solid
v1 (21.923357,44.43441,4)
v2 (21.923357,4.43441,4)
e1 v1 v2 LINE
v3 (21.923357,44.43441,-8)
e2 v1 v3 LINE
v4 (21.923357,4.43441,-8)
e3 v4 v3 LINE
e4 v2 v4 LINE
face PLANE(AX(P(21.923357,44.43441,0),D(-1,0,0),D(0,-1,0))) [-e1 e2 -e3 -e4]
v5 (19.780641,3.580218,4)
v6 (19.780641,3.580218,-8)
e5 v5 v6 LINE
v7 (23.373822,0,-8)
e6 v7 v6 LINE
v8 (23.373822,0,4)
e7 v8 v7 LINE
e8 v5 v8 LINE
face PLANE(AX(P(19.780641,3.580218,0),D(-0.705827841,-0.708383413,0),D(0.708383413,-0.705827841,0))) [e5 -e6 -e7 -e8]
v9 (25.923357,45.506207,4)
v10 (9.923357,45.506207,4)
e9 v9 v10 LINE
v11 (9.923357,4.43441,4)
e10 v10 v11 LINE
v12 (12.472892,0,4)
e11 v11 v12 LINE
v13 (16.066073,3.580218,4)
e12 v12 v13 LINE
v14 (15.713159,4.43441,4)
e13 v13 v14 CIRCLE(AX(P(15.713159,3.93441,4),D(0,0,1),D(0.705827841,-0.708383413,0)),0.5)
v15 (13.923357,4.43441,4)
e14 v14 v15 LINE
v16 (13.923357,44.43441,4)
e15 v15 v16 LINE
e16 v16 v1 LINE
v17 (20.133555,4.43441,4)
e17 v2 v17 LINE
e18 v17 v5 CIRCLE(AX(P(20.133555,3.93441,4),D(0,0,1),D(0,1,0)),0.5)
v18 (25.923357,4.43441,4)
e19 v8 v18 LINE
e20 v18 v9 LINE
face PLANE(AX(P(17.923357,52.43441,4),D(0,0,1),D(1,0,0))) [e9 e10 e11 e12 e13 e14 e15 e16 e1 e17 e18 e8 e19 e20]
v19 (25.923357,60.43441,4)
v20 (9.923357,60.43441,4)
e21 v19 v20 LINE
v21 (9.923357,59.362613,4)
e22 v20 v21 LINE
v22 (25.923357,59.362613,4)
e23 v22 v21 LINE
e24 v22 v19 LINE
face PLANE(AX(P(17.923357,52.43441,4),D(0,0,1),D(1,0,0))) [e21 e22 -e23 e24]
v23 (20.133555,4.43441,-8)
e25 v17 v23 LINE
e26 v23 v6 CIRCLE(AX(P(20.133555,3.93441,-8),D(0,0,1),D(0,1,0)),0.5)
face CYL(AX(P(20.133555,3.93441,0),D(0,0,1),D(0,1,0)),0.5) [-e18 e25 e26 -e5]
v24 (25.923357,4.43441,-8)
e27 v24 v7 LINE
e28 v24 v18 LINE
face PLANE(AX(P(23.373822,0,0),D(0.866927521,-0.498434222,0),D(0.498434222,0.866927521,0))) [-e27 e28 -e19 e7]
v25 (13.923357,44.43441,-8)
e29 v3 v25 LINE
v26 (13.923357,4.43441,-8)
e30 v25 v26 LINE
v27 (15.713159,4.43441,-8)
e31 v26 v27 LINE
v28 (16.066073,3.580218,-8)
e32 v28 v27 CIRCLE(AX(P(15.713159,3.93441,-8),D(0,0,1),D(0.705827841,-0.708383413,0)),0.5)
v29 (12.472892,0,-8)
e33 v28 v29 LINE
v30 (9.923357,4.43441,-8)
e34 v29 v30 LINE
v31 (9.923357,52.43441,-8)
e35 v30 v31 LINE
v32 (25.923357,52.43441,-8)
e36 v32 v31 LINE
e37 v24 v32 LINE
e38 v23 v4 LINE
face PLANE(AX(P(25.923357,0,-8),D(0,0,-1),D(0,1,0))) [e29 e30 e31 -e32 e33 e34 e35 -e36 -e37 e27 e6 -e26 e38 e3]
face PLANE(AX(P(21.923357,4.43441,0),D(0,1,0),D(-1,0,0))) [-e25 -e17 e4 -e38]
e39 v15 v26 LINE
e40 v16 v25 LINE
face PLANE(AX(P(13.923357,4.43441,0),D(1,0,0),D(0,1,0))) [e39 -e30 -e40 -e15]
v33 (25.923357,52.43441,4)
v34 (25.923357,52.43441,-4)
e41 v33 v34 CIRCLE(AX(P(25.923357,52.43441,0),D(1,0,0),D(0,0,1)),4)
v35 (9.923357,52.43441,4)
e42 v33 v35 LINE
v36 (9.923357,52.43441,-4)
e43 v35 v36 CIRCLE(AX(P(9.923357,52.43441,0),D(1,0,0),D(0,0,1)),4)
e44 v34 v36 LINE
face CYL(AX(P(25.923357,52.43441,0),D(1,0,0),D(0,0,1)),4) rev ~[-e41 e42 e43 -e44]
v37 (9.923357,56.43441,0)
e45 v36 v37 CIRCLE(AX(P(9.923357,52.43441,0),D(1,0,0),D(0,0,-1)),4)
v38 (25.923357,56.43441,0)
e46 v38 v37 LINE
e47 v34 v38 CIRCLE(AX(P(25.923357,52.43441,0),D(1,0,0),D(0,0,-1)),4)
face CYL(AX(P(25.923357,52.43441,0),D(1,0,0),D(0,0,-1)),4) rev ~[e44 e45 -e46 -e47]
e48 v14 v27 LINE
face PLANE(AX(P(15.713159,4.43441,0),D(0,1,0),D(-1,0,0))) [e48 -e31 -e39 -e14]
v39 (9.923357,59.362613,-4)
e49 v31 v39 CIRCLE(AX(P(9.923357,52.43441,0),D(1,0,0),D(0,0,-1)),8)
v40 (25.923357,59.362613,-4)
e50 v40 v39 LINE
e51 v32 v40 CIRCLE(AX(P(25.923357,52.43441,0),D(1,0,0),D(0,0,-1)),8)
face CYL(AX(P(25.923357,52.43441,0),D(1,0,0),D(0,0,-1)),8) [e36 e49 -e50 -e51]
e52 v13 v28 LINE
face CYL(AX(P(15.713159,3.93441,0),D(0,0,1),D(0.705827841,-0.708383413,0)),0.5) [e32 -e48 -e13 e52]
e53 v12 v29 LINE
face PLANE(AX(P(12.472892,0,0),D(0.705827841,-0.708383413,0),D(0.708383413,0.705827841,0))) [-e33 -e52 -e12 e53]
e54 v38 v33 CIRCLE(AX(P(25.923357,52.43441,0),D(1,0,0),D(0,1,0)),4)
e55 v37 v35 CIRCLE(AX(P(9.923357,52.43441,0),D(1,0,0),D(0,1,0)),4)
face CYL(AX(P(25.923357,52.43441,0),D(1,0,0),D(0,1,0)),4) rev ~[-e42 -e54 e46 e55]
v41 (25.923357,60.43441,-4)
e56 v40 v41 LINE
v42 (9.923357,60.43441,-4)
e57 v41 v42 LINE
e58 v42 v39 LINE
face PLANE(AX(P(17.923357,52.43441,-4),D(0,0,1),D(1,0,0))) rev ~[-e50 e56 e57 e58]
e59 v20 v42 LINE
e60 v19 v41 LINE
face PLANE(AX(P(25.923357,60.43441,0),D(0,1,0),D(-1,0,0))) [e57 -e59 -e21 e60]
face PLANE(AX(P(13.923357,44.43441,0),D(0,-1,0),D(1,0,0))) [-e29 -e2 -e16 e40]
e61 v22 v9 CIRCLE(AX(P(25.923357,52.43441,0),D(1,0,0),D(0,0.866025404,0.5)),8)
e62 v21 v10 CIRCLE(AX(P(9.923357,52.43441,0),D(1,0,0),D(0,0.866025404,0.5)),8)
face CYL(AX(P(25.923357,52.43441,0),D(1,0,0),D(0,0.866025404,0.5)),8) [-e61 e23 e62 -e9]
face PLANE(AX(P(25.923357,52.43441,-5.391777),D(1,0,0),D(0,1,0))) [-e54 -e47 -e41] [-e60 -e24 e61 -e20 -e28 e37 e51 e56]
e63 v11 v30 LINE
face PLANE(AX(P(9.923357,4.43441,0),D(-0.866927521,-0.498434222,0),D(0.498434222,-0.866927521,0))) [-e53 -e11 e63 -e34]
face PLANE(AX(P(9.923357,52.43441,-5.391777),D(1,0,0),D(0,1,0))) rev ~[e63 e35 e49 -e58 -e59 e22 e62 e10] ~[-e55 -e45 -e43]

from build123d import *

# Parameters (mm, degrees)
F1_DEPTH = 4
F3_DEPTH = 16
F4_DEPTH = 25
F5_DEPTH = 25


with BuildPart() as f1:
    # F0 (on Top) → F1 (new body, symmetric)
    with BuildSketch(Plane.XY):
        Polygon((9.9233569652, 60.4344099144), (9.9233569652, 44.4344099144), (13.9233569652, 44.4344099144), (21.9233569652, 44.4344099144), (25.9233569652, 44.4344099144), (25.9233569652, 60.4344099144), align=None)
        with BuildLine():
            Line((9.9233569652, 4.4344099144), (12.4728915006, 0))
            Line((12.4728915006, 0), (16.0660725096, 3.580218208))
            ThreePointArc((16.0660725096, 3.580218208), (16.1752710503, 4.1253341753), (15.7131585893, 4.4344099144))
            Line((15.7131585893, 4.4344099144), (13.9233569652, 4.4344099144))
            Line((13.9233569652, 4.4344099144), (13.9233569652, 44.4344099144))
            Line((13.9233569652, 44.4344099144), (9.9233569652, 44.4344099144))
            Line((9.9233569652, 44.4344099144), (9.9233569652, 4.4344099144))
        make_face()
        with BuildLine():
            Line((25.9233569652, 44.4344099144), (21.9233569652, 44.4344099144))
            Line((21.9233569652, 44.4344099144), (21.9233569652, 4.4344099144))
            Line((21.9233569652, 4.4344099144), (20.1335553411, 4.4344099144))
            ThreePointArc((20.1335553411, 4.4344099144), (19.6714428801, 4.1253341753), (19.7806414208, 3.580218208))
            Line((19.7806414208, 3.580218208), (23.3738224298, 0))
            Line((23.3738224298, 0), (25.9233569652, 4.4344099144))
            Line((25.9233569652, 4.4344099144), (25.9233569652, 44.4344099144))
        make_face()
    extrude(amount=F1_DEPTH, both=True)

    # F2 (on face) → F3 (join, through all)
    with BuildSketch(Plane.YZ.offset(25.9233569652)):
        with BuildLine():
            Line((59.3626131447, -4), (52.4344099144, -4))
            Line((52.4344099144, -4), (45.5062066841, -4))
            ThreePointArc((45.5062066841, -4), (48.4344099144, -6.9282032303), (52.4344099144, -8))
            ThreePointArc((52.4344099144, -8), (56.4344099144, -6.9282032303), (59.3626131447, -4))
        make_face()
        with BuildLine():
            ThreePointArc((52.4344099144, -8), (48.4344099144, -6.9282032303), (45.5062066841, -4))
            Line((45.5062066841, -4), (4.4344099144, -4))
            Line((4.4344099144, -4), (0, -4))
            Line((0, -4), (0, -8))
            Line((0, -8), (52.4344099144, -8))
        make_face()
        with BuildLine():
            Line((45.5062066841, 4), (52.4344099144, 4))
            Line((52.4344099144, 4), (59.3626131447, 4))
            ThreePointArc((59.3626131447, 4), (52.4344099144, 8), (45.5062066841, 4))
        make_face()
    extrude(amount=-F3_DEPTH)

    # F2 (on face) → F4 (cut)
    with BuildSketch(Plane.YZ.offset(25.9233569652)):
        with BuildLine():
            ThreePointArc((52.4344099144, -4), (55.2628370391, -2.8284271247), (56.4344099144, 0))
            ThreePointArc((56.4344099144, 0), (55.2628370391, 2.8284271247), (52.4344099144, 4))
            ThreePointArc((52.4344099144, 4), (48.4344099144, 0), (52.4344099144, -4))
        make_face()
    extrude(amount=-F4_DEPTH, mode=Mode.SUBTRACT)

    # F5 (cut): faces of the model
    f5_faces = [f1.faces().sort_by_distance(p)[0] for p in [
        (17.9233569652, 22.5369531537, -4),
        (10.7732018103, 1.4781366381, -4),
        (25.0735121201, 1.4781366381, -4),
    ]]
    extrude(f5_faces, amount=-F5_DEPTH, mode=Mode.SUBTRACT)


solid = f1.part
